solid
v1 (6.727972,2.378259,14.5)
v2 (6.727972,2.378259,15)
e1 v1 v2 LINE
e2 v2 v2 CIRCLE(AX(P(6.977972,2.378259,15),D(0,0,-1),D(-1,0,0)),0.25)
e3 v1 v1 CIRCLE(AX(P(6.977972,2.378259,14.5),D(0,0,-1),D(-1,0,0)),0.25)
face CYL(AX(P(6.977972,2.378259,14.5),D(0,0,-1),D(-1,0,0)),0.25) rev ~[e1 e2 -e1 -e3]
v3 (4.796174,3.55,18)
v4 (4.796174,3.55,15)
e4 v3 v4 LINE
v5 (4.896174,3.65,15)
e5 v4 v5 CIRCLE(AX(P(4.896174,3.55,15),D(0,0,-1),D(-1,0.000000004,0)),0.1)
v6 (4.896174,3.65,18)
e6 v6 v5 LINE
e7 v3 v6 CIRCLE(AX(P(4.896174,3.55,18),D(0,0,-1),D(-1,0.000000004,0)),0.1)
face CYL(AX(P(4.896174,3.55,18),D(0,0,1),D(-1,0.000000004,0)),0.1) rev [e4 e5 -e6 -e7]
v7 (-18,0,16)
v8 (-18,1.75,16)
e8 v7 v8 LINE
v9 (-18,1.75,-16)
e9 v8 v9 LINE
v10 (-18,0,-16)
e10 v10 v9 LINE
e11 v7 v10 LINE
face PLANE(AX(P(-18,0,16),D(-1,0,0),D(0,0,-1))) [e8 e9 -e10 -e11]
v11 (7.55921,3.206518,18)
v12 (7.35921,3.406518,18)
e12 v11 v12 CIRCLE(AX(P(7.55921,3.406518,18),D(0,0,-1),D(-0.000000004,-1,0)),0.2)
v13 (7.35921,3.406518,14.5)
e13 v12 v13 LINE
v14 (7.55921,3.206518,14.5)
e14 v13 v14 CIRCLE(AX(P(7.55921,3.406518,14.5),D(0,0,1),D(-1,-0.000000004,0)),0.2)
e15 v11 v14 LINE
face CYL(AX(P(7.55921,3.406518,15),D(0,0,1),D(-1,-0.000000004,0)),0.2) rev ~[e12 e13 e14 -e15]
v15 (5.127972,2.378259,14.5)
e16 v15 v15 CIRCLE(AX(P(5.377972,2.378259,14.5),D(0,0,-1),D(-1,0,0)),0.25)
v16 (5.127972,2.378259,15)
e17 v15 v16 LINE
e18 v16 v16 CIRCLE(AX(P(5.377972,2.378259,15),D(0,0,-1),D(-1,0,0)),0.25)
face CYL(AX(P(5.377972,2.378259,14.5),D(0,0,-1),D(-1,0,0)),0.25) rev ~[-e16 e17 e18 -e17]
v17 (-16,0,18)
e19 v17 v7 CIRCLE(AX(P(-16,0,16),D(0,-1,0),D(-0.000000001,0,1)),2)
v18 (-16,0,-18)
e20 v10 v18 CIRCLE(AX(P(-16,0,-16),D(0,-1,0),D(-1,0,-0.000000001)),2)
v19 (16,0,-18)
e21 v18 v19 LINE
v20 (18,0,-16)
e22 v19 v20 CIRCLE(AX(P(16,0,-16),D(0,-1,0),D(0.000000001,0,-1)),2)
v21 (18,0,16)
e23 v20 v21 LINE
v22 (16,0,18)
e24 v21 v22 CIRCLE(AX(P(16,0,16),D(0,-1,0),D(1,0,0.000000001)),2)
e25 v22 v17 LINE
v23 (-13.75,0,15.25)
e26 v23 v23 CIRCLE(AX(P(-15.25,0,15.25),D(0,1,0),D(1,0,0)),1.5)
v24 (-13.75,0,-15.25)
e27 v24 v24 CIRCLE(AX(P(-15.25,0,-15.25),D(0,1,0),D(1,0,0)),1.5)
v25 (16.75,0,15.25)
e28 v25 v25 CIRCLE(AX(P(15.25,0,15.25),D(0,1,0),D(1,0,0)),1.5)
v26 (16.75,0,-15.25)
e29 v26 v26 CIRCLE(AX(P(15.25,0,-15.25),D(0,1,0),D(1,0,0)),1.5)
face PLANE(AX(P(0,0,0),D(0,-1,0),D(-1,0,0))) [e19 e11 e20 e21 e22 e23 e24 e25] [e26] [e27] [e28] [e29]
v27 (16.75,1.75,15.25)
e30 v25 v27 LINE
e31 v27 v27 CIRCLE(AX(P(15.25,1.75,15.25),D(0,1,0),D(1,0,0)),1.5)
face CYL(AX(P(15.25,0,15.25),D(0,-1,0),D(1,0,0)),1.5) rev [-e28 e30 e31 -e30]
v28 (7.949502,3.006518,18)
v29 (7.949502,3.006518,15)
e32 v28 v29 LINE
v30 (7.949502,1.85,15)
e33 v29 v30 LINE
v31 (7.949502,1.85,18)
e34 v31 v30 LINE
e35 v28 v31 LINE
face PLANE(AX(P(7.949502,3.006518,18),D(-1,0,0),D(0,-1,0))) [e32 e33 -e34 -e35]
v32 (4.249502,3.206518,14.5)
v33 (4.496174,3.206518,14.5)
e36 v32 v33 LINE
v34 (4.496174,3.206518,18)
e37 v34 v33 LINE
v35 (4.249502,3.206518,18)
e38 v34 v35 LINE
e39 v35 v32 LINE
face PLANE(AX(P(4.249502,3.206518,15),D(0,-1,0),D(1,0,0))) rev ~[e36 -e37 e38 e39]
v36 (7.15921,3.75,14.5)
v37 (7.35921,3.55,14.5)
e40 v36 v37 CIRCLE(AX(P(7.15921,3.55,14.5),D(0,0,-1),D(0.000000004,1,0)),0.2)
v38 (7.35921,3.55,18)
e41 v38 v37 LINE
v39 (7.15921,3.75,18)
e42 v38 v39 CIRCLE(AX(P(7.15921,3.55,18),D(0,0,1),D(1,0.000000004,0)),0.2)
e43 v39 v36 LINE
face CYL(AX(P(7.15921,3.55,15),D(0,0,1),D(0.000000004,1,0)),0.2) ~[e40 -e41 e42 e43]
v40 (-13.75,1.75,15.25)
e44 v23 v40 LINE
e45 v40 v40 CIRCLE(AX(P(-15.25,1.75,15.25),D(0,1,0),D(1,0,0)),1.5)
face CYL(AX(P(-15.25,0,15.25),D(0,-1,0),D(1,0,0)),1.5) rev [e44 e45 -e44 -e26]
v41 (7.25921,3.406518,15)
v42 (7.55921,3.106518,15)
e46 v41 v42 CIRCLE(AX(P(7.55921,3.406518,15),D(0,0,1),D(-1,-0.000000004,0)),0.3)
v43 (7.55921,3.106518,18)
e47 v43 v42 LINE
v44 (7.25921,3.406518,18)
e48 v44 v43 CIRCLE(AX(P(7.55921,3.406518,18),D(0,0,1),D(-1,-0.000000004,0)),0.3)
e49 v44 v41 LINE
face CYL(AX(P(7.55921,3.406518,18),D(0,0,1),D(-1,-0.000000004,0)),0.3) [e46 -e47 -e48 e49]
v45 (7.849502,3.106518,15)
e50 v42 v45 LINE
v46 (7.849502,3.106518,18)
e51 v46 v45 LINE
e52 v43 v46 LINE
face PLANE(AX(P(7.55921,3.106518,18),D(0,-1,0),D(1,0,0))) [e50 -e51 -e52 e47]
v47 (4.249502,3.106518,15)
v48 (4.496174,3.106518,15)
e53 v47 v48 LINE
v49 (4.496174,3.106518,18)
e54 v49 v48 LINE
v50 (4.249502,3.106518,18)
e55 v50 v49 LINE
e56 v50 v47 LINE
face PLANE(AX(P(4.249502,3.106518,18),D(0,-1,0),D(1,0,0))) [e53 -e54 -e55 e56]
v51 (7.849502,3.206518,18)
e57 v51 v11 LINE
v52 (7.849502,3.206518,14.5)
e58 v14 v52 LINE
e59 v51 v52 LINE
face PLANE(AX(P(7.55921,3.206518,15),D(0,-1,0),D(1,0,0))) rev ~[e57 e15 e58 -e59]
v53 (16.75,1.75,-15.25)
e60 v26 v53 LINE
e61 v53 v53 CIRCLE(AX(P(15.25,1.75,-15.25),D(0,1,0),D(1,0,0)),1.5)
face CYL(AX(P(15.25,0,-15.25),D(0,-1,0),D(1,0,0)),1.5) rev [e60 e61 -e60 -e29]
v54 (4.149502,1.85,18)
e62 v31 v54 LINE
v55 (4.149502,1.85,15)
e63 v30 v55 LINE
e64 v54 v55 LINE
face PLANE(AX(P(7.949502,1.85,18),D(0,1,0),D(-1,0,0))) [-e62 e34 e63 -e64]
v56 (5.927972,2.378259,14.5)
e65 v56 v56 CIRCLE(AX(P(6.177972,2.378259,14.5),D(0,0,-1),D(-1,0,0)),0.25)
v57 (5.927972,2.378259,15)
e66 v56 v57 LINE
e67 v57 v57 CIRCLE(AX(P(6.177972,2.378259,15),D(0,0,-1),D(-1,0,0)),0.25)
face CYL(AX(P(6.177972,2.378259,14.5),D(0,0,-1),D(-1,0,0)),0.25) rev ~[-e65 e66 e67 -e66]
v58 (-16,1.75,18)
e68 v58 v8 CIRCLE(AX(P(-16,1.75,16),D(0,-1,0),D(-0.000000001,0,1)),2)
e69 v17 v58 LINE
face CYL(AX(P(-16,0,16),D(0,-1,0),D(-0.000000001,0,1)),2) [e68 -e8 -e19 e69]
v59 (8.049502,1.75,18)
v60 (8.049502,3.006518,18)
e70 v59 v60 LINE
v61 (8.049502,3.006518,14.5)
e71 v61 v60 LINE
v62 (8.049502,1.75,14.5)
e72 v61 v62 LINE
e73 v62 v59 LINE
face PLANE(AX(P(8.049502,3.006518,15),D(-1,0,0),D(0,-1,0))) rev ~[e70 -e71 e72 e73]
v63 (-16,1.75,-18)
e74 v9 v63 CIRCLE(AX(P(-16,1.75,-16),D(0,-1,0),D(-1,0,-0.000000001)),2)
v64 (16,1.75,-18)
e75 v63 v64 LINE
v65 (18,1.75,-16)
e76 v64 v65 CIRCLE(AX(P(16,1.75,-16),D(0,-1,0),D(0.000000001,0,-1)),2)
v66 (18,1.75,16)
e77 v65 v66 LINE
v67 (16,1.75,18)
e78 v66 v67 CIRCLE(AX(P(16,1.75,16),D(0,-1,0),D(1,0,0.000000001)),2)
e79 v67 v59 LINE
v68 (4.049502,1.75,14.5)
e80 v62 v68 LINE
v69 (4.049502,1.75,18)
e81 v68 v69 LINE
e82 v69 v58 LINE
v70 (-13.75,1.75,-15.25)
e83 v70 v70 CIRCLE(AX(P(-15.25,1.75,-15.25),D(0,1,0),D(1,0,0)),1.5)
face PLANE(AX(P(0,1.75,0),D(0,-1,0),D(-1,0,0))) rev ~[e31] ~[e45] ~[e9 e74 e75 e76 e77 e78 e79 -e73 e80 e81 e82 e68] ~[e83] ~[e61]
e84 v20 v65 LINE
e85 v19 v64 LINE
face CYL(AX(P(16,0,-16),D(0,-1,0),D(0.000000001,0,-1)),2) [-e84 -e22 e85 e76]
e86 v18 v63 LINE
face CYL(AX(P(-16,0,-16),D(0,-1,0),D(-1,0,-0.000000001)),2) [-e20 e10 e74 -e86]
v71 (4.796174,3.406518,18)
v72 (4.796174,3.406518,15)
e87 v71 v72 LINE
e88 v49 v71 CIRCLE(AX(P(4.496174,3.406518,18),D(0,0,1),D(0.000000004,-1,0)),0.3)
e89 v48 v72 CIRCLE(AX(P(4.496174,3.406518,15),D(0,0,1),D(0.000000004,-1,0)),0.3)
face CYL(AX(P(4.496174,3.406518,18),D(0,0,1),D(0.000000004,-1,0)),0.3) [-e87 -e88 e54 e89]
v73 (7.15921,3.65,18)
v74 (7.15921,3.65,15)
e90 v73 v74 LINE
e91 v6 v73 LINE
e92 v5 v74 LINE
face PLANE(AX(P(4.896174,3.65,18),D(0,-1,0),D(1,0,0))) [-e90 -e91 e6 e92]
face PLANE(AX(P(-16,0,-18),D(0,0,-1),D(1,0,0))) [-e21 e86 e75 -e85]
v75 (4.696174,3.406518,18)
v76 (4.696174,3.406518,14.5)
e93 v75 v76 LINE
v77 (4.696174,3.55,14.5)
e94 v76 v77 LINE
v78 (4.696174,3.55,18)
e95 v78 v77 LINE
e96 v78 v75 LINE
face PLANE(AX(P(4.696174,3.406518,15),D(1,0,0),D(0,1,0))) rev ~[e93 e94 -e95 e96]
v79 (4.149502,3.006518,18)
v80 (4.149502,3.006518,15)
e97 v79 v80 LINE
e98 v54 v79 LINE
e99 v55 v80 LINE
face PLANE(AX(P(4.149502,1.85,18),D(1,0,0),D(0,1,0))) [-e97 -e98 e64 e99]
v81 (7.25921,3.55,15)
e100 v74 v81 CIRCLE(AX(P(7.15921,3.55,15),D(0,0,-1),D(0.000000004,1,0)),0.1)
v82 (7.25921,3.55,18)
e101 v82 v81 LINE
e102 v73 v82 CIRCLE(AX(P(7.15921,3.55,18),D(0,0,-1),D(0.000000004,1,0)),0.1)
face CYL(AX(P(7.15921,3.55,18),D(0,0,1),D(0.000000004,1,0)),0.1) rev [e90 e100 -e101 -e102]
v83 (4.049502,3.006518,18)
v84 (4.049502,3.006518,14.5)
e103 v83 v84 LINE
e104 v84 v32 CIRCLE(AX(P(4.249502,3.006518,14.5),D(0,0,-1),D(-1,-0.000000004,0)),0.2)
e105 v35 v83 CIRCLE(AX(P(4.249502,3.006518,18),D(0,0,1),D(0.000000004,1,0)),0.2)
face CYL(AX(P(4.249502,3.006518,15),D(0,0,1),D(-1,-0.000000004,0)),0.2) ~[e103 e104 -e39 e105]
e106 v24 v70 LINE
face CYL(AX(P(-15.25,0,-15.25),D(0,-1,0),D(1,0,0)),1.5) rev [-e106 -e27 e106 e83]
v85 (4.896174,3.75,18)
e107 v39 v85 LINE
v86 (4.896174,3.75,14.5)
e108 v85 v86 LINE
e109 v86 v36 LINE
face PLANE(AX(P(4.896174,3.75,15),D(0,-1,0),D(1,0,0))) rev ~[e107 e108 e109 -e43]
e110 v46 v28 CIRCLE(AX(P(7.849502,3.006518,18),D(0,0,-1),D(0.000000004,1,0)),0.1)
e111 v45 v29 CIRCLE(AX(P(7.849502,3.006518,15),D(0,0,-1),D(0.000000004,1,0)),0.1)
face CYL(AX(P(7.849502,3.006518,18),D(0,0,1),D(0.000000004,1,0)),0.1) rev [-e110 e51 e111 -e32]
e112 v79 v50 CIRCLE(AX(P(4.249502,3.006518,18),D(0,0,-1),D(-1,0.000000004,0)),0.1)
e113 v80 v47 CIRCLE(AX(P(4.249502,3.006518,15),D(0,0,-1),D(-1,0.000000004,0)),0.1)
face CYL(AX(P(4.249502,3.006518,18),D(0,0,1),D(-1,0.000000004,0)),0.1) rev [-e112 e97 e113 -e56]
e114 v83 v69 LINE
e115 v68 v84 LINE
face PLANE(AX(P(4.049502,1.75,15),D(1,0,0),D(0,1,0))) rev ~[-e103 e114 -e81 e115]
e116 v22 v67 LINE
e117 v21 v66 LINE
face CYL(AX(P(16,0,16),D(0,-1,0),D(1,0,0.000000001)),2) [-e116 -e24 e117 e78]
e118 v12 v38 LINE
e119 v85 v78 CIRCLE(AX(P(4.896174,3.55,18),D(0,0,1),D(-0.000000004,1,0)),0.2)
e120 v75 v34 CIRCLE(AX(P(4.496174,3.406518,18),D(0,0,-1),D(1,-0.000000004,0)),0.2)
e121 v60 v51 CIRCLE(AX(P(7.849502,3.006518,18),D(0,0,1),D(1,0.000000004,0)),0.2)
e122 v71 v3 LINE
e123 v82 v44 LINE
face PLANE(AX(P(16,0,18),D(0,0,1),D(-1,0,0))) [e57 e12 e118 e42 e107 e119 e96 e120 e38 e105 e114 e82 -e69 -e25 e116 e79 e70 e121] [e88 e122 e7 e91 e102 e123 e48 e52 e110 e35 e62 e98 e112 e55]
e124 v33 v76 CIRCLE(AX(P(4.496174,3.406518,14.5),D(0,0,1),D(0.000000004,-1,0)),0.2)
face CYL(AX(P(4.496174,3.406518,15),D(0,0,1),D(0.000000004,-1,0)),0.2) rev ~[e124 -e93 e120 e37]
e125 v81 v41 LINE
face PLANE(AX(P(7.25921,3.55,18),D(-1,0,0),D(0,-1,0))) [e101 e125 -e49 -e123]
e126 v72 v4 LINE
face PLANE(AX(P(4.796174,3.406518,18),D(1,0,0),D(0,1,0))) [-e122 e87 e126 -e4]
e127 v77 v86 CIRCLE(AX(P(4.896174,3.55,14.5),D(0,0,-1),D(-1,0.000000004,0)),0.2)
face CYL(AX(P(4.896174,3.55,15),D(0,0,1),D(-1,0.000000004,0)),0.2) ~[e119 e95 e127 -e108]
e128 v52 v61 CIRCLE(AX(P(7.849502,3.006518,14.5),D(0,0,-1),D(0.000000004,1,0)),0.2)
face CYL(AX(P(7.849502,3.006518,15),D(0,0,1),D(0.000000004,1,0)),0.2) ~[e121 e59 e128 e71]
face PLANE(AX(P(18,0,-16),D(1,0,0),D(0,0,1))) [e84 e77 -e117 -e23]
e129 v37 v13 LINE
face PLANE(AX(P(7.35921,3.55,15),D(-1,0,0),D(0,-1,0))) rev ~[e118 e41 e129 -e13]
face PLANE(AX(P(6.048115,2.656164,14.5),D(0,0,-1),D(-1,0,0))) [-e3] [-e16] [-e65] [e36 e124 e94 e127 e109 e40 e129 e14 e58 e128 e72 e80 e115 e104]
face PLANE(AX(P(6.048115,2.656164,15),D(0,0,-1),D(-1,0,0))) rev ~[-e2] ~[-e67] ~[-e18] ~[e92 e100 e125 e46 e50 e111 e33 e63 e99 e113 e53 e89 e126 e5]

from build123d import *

# Parameters (mm, degrees)
SKETCH3_R           = 1.5
BOSS_EXTRUDE1_DEPTH = 1.75
BOSS_EXTRUDE2_DEPTH = 3
BOSS_EXTRUDE3_DEPTH = 0.5
SKETCH7_R           = 0.25
CUT_EXTRUDE1_DEPTH  = 0.5


with BuildPart() as part:
    # Sketch3 → Boss-Extrude1 (new body)
    with BuildSketch(Plane(origin=(0, 0, 0), x_dir=(1, 0, 0), z_dir=(0, 1, 0))):
        with BuildLine():
            Line((-16, 18), (16, 18))
            ThreePointArc((16, 18), (17.414213562, 17.414213562), (18, 16))
            Line((18, 16), (18, -16))
            ThreePointArc((18, -16), (17.414213562, -17.414213562), (16, -18))
            Line((16, -18), (-16, -18))
            ThreePointArc((-16, -18), (-17.414213562, -17.414213562), (-18, -16))
            Line((-18, -16), (-18, 16))
            ThreePointArc((-18, 16), (-17.414213562, 17.414213562), (-16, 18))
        make_face()
        with Locations((-15.25, 15.25)):
            Circle(SKETCH3_R, mode=Mode.SUBTRACT)
        with Locations((15.25, 15.25)):
            Circle(SKETCH3_R, mode=Mode.SUBTRACT)
        with Locations((15.25, -15.25)):
            Circle(SKETCH3_R, mode=Mode.SUBTRACT)
        with Locations((-15.25, -15.25)):
            Circle(SKETCH3_R, mode=Mode.SUBTRACT)
    extrude(amount=BOSS_EXTRUDE1_DEPTH)

    # Sketch5 → Boss-Extrude2 (add)
    with BuildSketch(Plane.XY.offset(18)):
        with BuildLine():
            Line((4.049502187, 1.75), (8.049502187, 1.75))
            Line((8.049502187, 1.75), (8.049502187, 3.006518046))
            ThreePointArc((8.049502187, 3.006518046), (7.990923543, 3.147939402), (7.849502187, 3.206518046))
            Line((7.849502187, 3.206518046), (7.559209809, 3.206518046))
            ThreePointArc((7.559209809, 3.206518046), (7.417788453, 3.26509669), (7.359209809, 3.406518046))
            Line((7.359209809, 3.406518046), (7.359209809, 3.55))
            ThreePointArc((7.359209809, 3.55), (7.300631165, 3.691421356), (7.159209809, 3.75))
            Line((7.159209809, 3.75), (4.896173717, 3.75))
            ThreePointArc((4.896173717, 3.75), (4.754752361, 3.691421356), (4.696173717, 3.55))
            Line((4.696173717, 3.55), (4.696173717, 3.406518046))
            ThreePointArc((4.696173717, 3.406518046), (4.637595073, 3.26509669), (4.496173717, 3.206518046))
            Line((4.496173717, 3.206518046), (4.249502187, 3.206518046))
            ThreePointArc((4.249502187, 3.206518046), (4.10808083, 3.147939402), (4.049502187, 3.006518046))
            Line((4.049502187, 3.006518046), (4.049502187, 1.75))
        make_face()
        with BuildLine():
            Line((4.896173717, 3.65), (7.159209809, 3.65))
            ThreePointArc((7.159209809, 3.65), (7.229920487, 3.620710678), (7.259209809, 3.55))
            Line((7.259209809, 3.55), (7.259209809, 3.406518046))
            ThreePointArc((7.259209809, 3.406518046), (7.347077775, 3.194386012), (7.559209809, 3.106518046))
            Line((7.559209809, 3.106518046), (7.849502187, 3.106518046))
            ThreePointArc((7.849502187, 3.106518046), (7.920212865, 3.077228724), (7.949502187, 3.006518046))
            Line((7.949502187, 3.006518046), (7.949502187, 1.85))
            Line((7.949502187, 1.85), (4.149502187, 1.85))
            Line((4.149502187, 1.85), (4.149502187, 3.006518046))
            ThreePointArc((4.149502187, 3.006518046), (4.178791509, 3.077228724), (4.249502187, 3.106518046))
            Line((4.249502187, 3.106518046), (4.496173717, 3.106518046))
            ThreePointArc((4.496173717, 3.106518046), (4.708305751, 3.194386012), (4.796173717, 3.406518046))
            Line((4.796173717, 3.406518046), (4.796173717, 3.55))
            ThreePointArc((4.796173717, 3.55), (4.825463039, 3.620710678), (4.896173717, 3.65))
        make_face(mode=Mode.SUBTRACT)
    extrude(amount=-BOSS_EXTRUDE2_DEPTH)

    # Sketch6 → Boss-Extrude3 (add)
    with BuildSketch(Plane(origin=(0, 0, 15), x_dir=(-1, 0, 0), z_dir=(0, 0, -1))):
        with BuildLine():
            Line((-4.049502187, 1.75), (-4.049502187, 3.006518046))
            ThreePointArc((-4.049502187, 3.006518046), (-4.10808083, 3.147939402), (-4.249502187, 3.206518046))
            Line((-4.249502187, 3.206518046), (-4.496173717, 3.206518046))
            ThreePointArc((-4.496173717, 3.206518046), (-4.637595073, 3.26509669), (-4.696173717, 3.406518046))
            Line((-4.696173717, 3.406518046), (-4.696173717, 3.55))
            ThreePointArc((-4.696173717, 3.55), (-4.754752361, 3.691421356), (-4.896173717, 3.75))
            Line((-4.896173717, 3.75), (-7.159209809, 3.75))
            ThreePointArc((-7.159209809, 3.75), (-7.300631165, 3.691421356), (-7.359209809, 3.55))
            Line((-7.359209809, 3.55), (-7.359209809, 3.406518046))
            ThreePointArc((-7.359209809, 3.406518046), (-7.417788453, 3.26509669), (-7.559209809, 3.206518046))
            Line((-7.559209809, 3.206518046), (-7.849502187, 3.206518046))
            ThreePointArc((-7.849502187, 3.206518046), (-7.990923543, 3.147939402), (-8.049502187, 3.006518046))
            Line((-8.049502187, 3.006518046), (-8.049502187, 1.75))
            Line((-8.049502187, 1.75), (-4.049502187, 1.75))
        make_face()
    extrude(amount=BOSS_EXTRUDE3_DEPTH)

    # Sketch7 → Cut-Extrude1 (cut)
    with BuildSketch(Plane(origin=(0, 0, 14.5), x_dir=(-1, 0, 0), z_dir=(0, 0, -1))):
        with Locations((-6.97797188, 2.378259023)):
            Circle(SKETCH7_R)
        with Locations((-6.17797188, 2.378259023)):
            Circle(SKETCH7_R)
        with Locations((-5.37797188, 2.378259023)):
            Circle(SKETCH7_R)
    extrude(amount=-CUT_EXTRUDE1_DEPTH, mode=Mode.SUBTRACT)


solid = part.part
